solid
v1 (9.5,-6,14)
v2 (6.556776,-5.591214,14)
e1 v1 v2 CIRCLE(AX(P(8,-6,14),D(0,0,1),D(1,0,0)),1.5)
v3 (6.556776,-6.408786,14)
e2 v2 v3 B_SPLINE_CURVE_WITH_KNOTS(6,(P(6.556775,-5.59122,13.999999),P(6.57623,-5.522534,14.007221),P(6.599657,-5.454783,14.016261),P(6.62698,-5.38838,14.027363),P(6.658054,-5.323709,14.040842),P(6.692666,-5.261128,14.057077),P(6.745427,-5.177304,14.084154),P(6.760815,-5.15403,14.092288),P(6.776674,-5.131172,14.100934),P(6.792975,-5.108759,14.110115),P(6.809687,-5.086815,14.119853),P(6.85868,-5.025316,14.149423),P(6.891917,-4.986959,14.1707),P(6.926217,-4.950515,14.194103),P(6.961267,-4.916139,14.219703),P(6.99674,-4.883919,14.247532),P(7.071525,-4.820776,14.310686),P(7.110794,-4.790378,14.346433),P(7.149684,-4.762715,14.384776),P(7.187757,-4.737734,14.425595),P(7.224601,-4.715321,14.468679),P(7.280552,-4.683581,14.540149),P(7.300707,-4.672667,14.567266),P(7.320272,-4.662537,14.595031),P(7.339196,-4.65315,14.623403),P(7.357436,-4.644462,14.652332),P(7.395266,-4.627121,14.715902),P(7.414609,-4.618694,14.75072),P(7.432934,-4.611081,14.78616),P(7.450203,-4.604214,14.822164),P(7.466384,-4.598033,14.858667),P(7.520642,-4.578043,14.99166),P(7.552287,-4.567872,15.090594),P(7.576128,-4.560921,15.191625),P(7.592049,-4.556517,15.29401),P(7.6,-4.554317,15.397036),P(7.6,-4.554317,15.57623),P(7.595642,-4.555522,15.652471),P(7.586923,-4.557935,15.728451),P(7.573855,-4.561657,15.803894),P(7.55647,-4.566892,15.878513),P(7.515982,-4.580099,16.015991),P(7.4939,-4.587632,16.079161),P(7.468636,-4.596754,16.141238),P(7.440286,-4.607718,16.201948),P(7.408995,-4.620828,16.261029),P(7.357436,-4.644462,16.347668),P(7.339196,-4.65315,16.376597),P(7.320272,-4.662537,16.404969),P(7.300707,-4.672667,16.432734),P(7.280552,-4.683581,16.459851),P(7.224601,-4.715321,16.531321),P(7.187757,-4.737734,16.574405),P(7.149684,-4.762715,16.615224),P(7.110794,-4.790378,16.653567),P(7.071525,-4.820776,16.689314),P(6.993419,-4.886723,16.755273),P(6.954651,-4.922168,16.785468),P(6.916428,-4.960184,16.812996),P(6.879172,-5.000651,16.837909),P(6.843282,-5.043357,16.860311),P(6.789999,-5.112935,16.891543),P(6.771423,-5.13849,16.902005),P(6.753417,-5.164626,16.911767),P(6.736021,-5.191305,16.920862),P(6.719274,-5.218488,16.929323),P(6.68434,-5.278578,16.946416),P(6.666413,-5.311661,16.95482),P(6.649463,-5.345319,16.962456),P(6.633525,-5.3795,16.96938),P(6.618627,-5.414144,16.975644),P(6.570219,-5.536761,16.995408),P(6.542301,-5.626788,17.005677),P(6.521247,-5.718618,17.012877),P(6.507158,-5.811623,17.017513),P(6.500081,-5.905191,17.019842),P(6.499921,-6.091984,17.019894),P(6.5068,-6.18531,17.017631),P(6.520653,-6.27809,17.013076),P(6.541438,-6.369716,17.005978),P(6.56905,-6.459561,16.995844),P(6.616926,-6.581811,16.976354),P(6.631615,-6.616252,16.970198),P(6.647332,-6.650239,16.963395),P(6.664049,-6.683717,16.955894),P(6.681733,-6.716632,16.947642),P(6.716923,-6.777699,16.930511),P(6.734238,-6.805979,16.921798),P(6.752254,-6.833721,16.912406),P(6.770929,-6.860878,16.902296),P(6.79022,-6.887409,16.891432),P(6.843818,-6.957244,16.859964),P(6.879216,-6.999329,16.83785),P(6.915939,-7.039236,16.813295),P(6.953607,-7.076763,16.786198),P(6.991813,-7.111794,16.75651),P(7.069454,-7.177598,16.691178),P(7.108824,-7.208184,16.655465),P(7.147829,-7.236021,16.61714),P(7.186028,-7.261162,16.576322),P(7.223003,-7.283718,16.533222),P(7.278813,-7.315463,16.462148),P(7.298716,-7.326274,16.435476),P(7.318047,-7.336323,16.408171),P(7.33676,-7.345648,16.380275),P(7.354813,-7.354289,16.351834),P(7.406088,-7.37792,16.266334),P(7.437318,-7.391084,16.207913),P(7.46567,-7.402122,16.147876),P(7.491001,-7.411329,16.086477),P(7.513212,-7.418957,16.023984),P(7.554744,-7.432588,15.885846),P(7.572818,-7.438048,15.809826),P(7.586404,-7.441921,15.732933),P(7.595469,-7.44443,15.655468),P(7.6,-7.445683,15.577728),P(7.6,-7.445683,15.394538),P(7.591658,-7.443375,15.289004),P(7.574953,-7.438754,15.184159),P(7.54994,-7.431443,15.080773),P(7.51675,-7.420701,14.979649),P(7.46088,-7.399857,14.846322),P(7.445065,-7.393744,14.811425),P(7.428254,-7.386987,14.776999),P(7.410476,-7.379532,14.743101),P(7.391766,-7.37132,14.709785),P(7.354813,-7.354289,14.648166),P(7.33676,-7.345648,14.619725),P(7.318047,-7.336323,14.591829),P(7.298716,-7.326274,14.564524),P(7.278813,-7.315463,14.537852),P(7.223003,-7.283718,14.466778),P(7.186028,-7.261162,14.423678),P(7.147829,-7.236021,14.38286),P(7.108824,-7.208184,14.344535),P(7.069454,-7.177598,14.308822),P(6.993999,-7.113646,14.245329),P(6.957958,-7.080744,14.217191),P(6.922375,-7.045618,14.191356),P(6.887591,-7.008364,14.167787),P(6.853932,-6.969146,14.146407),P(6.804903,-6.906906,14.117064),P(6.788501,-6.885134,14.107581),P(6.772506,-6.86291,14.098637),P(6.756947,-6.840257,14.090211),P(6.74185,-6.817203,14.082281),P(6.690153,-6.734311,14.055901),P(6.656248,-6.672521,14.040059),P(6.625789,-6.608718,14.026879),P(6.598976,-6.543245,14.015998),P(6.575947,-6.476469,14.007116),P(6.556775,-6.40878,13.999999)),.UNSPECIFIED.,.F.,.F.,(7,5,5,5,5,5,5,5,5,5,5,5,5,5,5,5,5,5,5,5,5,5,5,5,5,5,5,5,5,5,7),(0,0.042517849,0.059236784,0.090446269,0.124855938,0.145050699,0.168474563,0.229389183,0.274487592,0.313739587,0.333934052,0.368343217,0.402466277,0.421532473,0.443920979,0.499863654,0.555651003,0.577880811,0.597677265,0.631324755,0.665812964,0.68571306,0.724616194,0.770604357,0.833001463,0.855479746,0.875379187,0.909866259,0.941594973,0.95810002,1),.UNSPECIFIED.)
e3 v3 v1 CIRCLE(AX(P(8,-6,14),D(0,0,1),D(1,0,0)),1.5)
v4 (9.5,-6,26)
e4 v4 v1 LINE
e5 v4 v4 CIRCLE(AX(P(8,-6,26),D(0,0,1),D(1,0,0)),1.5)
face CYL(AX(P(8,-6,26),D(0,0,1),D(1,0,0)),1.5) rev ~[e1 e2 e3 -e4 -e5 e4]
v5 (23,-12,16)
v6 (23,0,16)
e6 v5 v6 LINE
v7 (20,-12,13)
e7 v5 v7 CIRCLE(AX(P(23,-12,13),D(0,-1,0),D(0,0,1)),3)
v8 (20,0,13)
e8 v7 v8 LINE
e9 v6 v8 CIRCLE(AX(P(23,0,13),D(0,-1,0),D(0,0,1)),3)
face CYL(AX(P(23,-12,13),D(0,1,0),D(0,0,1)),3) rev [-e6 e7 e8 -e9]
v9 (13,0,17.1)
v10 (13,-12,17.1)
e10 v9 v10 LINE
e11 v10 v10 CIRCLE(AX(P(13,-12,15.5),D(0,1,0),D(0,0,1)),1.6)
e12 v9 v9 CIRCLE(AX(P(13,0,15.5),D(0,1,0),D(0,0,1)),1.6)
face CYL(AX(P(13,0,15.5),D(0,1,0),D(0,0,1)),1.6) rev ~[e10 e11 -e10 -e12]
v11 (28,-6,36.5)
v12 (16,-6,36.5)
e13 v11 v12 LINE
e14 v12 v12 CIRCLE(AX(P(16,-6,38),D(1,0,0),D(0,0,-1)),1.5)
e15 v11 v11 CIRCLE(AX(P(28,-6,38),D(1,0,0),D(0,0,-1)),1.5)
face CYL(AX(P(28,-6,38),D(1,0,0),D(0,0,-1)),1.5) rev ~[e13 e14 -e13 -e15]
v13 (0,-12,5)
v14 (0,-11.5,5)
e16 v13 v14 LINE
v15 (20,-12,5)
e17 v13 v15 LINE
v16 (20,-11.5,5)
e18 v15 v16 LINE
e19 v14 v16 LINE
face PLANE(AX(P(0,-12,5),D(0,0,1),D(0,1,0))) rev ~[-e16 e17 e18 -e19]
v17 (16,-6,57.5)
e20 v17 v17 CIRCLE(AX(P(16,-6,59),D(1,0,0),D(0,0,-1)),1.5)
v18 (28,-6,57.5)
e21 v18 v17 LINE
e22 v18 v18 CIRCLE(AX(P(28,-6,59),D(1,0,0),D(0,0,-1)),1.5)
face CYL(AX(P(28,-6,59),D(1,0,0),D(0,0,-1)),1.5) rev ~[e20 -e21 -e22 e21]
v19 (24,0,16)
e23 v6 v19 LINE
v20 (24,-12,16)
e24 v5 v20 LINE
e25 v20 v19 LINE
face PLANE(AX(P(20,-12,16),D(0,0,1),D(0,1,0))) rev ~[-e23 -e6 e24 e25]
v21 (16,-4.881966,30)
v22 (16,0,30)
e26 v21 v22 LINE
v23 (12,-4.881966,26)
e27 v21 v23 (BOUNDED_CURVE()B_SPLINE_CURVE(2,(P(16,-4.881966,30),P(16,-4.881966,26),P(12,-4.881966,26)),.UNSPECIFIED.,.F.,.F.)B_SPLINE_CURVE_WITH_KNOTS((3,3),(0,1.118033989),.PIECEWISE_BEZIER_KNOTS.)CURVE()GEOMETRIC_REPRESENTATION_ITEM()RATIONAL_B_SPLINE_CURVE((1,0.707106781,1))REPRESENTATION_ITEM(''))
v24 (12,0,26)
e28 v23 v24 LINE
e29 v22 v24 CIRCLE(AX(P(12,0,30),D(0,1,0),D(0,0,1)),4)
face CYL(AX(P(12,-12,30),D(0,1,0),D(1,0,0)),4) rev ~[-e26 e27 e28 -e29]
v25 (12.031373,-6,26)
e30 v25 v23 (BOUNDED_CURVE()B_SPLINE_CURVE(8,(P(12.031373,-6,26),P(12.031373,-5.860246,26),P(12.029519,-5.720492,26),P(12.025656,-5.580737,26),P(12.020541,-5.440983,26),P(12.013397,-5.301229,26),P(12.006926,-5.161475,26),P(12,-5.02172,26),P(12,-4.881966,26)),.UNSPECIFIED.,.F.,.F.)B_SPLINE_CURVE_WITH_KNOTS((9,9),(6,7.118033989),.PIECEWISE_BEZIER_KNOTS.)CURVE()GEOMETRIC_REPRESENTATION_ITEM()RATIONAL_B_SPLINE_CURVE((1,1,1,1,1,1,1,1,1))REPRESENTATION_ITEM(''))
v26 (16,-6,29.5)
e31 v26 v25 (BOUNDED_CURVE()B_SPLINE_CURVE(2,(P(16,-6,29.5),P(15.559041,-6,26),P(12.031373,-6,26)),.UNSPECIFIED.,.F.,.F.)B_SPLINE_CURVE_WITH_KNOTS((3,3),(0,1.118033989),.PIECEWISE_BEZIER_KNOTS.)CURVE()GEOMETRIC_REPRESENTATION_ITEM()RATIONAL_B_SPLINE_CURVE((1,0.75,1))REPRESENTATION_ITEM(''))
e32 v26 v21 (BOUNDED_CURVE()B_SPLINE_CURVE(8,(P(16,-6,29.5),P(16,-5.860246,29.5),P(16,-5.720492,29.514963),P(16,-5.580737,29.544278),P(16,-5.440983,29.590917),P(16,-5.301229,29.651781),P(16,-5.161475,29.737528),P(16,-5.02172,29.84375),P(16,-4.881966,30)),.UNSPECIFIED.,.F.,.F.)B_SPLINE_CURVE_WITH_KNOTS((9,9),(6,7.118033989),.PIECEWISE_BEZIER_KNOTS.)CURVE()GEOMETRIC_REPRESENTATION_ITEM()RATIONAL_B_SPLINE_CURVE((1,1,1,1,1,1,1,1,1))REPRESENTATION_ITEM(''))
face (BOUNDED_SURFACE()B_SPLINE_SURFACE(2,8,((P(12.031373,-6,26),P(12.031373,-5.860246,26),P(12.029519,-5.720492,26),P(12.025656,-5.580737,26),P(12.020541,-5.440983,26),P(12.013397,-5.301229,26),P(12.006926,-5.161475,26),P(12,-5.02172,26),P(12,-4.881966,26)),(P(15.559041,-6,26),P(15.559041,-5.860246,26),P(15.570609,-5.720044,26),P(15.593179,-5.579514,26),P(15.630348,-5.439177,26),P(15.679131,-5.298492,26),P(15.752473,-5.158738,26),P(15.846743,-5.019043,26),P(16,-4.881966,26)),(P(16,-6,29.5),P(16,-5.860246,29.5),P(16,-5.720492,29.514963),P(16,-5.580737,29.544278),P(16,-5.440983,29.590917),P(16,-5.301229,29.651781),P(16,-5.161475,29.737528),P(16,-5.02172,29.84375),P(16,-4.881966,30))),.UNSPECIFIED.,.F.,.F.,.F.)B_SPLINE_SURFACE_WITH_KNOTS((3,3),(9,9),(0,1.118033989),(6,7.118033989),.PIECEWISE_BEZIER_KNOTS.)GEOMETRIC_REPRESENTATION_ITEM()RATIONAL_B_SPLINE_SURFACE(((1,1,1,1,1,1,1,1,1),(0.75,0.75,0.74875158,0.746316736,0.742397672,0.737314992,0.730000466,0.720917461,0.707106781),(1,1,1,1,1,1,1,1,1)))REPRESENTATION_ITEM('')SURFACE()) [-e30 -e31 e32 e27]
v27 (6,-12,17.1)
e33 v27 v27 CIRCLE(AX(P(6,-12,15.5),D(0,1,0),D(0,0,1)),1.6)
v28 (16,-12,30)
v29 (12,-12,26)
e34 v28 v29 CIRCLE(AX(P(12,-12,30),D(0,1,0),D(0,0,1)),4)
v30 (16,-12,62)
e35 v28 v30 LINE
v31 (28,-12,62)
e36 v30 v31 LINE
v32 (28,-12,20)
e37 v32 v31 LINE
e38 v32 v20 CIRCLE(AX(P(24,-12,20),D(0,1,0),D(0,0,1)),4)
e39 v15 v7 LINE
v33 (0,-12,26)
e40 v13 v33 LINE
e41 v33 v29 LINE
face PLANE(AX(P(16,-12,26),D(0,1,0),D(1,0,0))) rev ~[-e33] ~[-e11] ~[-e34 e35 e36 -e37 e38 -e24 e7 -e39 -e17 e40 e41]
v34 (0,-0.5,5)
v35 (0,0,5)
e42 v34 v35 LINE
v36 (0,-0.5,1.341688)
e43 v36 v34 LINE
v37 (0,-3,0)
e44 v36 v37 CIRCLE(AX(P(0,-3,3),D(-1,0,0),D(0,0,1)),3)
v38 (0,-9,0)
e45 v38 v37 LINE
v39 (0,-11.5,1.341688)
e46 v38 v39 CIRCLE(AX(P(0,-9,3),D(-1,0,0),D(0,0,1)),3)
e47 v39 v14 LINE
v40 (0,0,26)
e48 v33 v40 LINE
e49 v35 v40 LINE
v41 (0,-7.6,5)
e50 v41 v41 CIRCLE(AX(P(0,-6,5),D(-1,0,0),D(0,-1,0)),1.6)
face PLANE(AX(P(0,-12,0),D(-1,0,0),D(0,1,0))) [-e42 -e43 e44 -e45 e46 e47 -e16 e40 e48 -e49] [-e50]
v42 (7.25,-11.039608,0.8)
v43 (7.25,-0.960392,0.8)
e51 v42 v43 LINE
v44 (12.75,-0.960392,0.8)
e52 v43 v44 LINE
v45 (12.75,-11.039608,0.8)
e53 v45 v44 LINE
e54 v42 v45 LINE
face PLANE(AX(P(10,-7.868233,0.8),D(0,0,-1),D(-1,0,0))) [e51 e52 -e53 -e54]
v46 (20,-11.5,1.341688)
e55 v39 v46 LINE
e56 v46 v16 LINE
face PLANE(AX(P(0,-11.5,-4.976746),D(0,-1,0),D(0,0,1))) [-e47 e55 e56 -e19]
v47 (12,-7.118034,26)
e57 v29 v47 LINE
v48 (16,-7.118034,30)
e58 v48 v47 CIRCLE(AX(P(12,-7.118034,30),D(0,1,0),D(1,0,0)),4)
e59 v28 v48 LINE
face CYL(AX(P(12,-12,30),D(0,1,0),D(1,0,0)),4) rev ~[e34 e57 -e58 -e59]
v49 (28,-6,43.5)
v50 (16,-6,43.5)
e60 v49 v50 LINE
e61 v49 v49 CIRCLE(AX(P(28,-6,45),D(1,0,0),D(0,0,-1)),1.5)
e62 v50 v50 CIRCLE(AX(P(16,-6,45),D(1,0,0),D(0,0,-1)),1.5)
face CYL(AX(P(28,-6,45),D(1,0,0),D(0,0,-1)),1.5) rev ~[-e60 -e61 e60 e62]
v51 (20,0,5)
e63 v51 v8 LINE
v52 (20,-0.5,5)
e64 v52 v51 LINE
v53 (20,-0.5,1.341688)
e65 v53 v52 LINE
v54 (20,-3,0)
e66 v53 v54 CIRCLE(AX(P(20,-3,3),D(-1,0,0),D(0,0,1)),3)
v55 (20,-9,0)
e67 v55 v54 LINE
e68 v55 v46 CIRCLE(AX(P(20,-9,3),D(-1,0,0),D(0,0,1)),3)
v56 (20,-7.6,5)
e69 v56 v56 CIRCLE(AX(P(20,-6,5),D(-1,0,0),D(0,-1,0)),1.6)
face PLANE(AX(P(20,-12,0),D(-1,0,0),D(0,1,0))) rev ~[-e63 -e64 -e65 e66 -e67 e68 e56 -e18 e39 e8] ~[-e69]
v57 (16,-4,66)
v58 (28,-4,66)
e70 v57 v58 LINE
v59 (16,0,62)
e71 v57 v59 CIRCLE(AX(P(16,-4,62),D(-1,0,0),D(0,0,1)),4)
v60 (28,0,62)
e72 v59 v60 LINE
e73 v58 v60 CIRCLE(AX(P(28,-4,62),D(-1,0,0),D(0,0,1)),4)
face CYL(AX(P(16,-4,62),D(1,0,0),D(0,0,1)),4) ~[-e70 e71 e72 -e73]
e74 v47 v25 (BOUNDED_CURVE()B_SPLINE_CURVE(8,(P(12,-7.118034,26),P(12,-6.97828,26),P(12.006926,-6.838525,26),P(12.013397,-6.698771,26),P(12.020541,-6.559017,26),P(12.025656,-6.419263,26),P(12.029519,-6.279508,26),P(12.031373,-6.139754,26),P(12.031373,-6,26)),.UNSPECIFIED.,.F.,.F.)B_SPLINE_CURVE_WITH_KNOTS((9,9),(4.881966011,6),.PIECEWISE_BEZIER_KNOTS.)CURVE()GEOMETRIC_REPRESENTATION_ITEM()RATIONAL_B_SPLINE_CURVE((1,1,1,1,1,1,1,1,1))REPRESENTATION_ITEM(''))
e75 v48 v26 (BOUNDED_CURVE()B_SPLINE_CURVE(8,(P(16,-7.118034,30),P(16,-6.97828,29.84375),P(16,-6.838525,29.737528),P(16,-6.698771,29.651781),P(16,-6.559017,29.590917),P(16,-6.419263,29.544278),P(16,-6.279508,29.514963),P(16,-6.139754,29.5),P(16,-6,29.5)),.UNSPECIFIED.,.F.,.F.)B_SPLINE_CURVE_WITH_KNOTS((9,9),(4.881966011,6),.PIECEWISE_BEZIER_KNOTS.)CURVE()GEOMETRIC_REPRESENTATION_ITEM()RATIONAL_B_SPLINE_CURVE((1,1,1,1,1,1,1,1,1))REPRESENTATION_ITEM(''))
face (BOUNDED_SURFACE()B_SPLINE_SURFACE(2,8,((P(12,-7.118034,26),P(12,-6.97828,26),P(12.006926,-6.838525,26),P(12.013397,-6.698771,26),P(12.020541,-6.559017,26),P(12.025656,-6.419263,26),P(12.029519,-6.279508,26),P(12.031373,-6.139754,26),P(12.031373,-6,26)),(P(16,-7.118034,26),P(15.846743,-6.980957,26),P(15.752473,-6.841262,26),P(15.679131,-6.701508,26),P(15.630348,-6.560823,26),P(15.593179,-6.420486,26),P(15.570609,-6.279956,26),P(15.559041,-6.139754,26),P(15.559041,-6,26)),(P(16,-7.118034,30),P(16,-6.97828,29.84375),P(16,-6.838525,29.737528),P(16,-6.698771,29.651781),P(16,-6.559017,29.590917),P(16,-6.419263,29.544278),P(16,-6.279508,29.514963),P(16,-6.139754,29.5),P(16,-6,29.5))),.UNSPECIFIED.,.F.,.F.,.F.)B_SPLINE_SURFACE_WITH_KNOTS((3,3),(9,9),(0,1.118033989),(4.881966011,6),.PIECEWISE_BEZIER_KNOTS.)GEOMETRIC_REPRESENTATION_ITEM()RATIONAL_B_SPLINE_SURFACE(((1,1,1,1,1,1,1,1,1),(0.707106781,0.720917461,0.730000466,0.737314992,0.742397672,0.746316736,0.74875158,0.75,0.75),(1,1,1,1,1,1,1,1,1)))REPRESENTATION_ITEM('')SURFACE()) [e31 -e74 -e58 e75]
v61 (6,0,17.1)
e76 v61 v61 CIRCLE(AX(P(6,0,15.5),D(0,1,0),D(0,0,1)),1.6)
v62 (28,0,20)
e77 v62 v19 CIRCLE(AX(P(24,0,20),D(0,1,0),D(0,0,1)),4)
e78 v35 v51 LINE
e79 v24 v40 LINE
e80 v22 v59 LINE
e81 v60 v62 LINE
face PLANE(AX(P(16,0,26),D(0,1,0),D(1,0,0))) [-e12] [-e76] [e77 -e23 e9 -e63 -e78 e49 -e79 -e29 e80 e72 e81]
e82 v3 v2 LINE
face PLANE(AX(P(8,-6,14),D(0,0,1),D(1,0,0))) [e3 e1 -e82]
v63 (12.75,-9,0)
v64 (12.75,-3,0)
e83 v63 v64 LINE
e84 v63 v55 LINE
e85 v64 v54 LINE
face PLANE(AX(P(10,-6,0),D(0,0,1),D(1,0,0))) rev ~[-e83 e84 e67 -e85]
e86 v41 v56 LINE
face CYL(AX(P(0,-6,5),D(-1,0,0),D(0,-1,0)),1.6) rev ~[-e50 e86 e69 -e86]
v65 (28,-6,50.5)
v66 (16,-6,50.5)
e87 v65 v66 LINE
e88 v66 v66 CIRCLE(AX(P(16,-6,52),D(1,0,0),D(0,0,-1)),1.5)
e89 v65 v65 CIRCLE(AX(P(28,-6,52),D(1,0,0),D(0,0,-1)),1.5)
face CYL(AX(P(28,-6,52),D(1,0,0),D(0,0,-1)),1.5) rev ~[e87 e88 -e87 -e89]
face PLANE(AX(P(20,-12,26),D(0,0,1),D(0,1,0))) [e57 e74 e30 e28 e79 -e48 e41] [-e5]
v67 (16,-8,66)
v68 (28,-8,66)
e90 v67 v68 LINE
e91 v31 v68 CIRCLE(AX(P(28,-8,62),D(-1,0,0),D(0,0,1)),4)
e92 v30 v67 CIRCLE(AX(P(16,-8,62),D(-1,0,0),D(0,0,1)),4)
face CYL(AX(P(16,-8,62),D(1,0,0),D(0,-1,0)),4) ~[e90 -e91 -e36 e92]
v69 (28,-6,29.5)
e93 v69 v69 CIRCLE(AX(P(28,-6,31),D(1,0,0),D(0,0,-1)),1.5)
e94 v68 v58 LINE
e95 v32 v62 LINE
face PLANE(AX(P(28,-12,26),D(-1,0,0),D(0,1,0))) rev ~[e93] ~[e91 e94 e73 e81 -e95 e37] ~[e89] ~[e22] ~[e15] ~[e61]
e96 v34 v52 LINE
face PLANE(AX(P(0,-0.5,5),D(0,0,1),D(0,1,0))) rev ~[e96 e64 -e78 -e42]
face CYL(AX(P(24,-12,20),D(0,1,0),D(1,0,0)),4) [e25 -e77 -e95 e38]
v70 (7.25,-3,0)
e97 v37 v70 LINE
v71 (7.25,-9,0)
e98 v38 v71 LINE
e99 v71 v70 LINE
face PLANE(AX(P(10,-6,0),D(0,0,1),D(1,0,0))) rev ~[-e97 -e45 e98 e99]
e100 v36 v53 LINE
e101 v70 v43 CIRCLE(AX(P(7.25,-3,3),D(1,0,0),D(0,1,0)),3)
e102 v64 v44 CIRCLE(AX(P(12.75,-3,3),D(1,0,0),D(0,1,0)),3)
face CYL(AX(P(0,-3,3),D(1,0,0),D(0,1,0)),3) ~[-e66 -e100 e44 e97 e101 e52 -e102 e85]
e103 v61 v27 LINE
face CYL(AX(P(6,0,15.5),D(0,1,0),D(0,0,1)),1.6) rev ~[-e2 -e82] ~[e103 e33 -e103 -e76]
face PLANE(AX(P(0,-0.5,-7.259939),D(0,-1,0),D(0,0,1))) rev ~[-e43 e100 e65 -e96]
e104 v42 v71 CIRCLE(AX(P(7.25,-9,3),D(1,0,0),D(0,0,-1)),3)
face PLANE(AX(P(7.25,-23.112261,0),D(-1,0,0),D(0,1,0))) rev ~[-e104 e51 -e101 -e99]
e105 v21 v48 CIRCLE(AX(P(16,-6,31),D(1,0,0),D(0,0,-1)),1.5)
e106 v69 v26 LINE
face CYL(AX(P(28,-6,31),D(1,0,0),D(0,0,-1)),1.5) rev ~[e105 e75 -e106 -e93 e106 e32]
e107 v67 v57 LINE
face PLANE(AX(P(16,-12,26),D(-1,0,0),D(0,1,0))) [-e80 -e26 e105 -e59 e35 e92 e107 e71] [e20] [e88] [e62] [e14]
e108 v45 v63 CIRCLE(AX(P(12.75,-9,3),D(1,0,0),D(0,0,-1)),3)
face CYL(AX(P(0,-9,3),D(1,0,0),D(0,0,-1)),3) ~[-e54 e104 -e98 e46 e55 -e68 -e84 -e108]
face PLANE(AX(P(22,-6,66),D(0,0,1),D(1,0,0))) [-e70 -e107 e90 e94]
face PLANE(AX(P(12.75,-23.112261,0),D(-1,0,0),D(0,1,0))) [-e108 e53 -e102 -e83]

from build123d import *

# Parameters (mm, degrees)
SKETCH1_W           = 20
SKETCH1_H           = 12
BOSS_EXTRUDE1_DEPTH = 26
SKETCH2_W           = 10
SKETCH2_H           = 12
BOSS_EXTRUDE2_DEPTH = 8
SKETCH4_R           = 1.6
CUT_EXTRUDE2_DEPTH  = 41.049968789
FILLET1_R           = 3
FILLET3_R           = 3
SKETCH5_W           = 9.976745634
SKETCH5_H           = 0.5
SKETCH5_W_2         = 12.25993895
CUT_EXTRUDE3_DEPTH  = 41.049968789
SKETCH6_W           = 5.5
SKETCH6_H           = 30.488056323
CUT_EXTRUDE4_DEPTH  = 0.8
SKETCH8_W           = 12
SKETCH8_H           = 12
BOSS_EXTRUDE3_DEPTH = 40
SKETCH3_R           = 1.6
CUT_EXTRUDE1_DEPTH  = 73.691127382
SKETCH9_R           = 1.5
CUT_EXTRUDE6_DEPTH  = 12
FILLET4_R           = 4
SKETCH10_R          = 1.5
CUT_EXTRUDE7_DEPTH  = 12
FILLET5_R           = 4
FILLET7_R           = 4


with BuildPart() as part:
    # Sketch1 → Boss-Extrude1 (new body)
    with BuildSketch(Plane.XY):
        with Locations((10, -6)):
            Rectangle(SKETCH1_W, SKETCH1_H)
    extrude(amount=BOSS_EXTRUDE1_DEPTH)

    # Sketch2 → Boss-Extrude2 (add)
    with BuildSketch(Plane(origin=(20, 0, 0), x_dir=(0, 0, -1), z_dir=(1, 0, 0))):
        with Locations((-21, -6)):
            Rectangle(SKETCH2_W, SKETCH2_H)
    extrude(amount=BOSS_EXTRUDE2_DEPTH)

    # Sketch4 → Cut-Extrude2 (cut, through all)
    with BuildSketch(Plane(origin=(0, 0, 0), x_dir=(1, 0, 0), z_dir=(0, 1, 0))):
        with Locations(Location((13, -15.5, 0), (0, 0, 270))):
            Circle(SKETCH4_R)
        with Locations(Location((6, -15.5, 0), (0, 0, 270))):
            Circle(SKETCH4_R)
    extrude(amount=-CUT_EXTRUDE2_DEPTH, mode=Mode.SUBTRACT)

    # Fillet1
    fillet1_edges = [part.edges().sort_by_distance(p)[0] for p in [
        (20, -6, 16),
    ]]
    fillet(fillet1_edges, radius=FILLET1_R)

    # Fillet3
    fillet3_edges = [part.edges().sort_by_distance(p)[0] for p in [
        (10, 0, 0),
        (10, -12, 0),
    ]]
    fillet(fillet3_edges, radius=FILLET3_R)

    # Sketch5 → Cut-Extrude3 (cut, through all)
    with BuildSketch(Plane.ZY):
        with Locations((0.011627183, -11.75)):
            Rectangle(SKETCH5_W, SKETCH5_H)
        with Locations((-1.129969475, -0.25)):
            Rectangle(SKETCH5_W_2, SKETCH5_H)
    extrude(amount=-CUT_EXTRUDE3_DEPTH, mode=Mode.SUBTRACT)

    # Sketch6 → Cut-Extrude4 (cut)
    with BuildSketch(Plane(origin=(0, 0, 0), x_dir=(-1, 0, 0), z_dir=(0, 0, -1))):
        with Locations((-10, -7.868232937)):
            Rectangle(SKETCH6_W, SKETCH6_H)
    extrude(amount=-CUT_EXTRUDE4_DEPTH, mode=Mode.SUBTRACT)

    # Sketch8 → Boss-Extrude3 (add)
    with BuildSketch(Plane.XY.offset(26)):
        with Locations((22, -6)):
            Rectangle(SKETCH8_W, SKETCH8_H)
    extrude(amount=BOSS_EXTRUDE3_DEPTH)

    # Sketch3 → Cut-Extrude1 (cut, through all)
    with BuildSketch(Plane.ZY):
        with Locations(Location((5, -6, 0), (0, 0, 270))):
            Circle(SKETCH3_R)
    extrude(amount=-CUT_EXTRUDE1_DEPTH, mode=Mode.SUBTRACT)

    # Sketch9 → Cut-Extrude6 (cut)
    with BuildSketch(Plane(origin=(28, 0, 0), x_dir=(0, 0, -1), z_dir=(1, 0, 0))):
        with Locations((-31, -6)):
            Circle(SKETCH9_R)
        with Locations((-38, -6)):
            Circle(SKETCH9_R)
        with Locations((-45, -6)):
            Circle(SKETCH9_R)
        with Locations((-52, -6)):
            Circle(SKETCH9_R)
        with Locations((-59, -6)):
            Circle(SKETCH9_R)
    extrude(amount=-CUT_EXTRUDE6_DEPTH, mode=Mode.SUBTRACT)

    # Fillet4
    fillet4_edges = [part.edges().sort_by_distance(p)[0] for p in [
        (16, -6, 26),
    ]]
    fillet(fillet4_edges, radius=FILLET4_R)

    # Sketch10 → Cut-Extrude7 (cut)
    with BuildSketch(Plane.XY.offset(26)):
        with Locations((8, -6)):
            Circle(SKETCH10_R)
    extrude(amount=-CUT_EXTRUDE7_DEPTH, mode=Mode.SUBTRACT)

    # Fillet5
    fillet5_edges = [part.edges().sort_by_distance(p)[0] for p in [
        (28, -6, 16),
    ]]
    fillet(fillet5_edges, radius=FILLET5_R)

    # Fillet7
    fillet7_edges = [part.edges().sort_by_distance(p)[0] for p in [
        (22, 0, 66),
        (22, -12, 66),
    ]]
    fillet(fillet7_edges, radius=FILLET7_R)


solid = part.part
